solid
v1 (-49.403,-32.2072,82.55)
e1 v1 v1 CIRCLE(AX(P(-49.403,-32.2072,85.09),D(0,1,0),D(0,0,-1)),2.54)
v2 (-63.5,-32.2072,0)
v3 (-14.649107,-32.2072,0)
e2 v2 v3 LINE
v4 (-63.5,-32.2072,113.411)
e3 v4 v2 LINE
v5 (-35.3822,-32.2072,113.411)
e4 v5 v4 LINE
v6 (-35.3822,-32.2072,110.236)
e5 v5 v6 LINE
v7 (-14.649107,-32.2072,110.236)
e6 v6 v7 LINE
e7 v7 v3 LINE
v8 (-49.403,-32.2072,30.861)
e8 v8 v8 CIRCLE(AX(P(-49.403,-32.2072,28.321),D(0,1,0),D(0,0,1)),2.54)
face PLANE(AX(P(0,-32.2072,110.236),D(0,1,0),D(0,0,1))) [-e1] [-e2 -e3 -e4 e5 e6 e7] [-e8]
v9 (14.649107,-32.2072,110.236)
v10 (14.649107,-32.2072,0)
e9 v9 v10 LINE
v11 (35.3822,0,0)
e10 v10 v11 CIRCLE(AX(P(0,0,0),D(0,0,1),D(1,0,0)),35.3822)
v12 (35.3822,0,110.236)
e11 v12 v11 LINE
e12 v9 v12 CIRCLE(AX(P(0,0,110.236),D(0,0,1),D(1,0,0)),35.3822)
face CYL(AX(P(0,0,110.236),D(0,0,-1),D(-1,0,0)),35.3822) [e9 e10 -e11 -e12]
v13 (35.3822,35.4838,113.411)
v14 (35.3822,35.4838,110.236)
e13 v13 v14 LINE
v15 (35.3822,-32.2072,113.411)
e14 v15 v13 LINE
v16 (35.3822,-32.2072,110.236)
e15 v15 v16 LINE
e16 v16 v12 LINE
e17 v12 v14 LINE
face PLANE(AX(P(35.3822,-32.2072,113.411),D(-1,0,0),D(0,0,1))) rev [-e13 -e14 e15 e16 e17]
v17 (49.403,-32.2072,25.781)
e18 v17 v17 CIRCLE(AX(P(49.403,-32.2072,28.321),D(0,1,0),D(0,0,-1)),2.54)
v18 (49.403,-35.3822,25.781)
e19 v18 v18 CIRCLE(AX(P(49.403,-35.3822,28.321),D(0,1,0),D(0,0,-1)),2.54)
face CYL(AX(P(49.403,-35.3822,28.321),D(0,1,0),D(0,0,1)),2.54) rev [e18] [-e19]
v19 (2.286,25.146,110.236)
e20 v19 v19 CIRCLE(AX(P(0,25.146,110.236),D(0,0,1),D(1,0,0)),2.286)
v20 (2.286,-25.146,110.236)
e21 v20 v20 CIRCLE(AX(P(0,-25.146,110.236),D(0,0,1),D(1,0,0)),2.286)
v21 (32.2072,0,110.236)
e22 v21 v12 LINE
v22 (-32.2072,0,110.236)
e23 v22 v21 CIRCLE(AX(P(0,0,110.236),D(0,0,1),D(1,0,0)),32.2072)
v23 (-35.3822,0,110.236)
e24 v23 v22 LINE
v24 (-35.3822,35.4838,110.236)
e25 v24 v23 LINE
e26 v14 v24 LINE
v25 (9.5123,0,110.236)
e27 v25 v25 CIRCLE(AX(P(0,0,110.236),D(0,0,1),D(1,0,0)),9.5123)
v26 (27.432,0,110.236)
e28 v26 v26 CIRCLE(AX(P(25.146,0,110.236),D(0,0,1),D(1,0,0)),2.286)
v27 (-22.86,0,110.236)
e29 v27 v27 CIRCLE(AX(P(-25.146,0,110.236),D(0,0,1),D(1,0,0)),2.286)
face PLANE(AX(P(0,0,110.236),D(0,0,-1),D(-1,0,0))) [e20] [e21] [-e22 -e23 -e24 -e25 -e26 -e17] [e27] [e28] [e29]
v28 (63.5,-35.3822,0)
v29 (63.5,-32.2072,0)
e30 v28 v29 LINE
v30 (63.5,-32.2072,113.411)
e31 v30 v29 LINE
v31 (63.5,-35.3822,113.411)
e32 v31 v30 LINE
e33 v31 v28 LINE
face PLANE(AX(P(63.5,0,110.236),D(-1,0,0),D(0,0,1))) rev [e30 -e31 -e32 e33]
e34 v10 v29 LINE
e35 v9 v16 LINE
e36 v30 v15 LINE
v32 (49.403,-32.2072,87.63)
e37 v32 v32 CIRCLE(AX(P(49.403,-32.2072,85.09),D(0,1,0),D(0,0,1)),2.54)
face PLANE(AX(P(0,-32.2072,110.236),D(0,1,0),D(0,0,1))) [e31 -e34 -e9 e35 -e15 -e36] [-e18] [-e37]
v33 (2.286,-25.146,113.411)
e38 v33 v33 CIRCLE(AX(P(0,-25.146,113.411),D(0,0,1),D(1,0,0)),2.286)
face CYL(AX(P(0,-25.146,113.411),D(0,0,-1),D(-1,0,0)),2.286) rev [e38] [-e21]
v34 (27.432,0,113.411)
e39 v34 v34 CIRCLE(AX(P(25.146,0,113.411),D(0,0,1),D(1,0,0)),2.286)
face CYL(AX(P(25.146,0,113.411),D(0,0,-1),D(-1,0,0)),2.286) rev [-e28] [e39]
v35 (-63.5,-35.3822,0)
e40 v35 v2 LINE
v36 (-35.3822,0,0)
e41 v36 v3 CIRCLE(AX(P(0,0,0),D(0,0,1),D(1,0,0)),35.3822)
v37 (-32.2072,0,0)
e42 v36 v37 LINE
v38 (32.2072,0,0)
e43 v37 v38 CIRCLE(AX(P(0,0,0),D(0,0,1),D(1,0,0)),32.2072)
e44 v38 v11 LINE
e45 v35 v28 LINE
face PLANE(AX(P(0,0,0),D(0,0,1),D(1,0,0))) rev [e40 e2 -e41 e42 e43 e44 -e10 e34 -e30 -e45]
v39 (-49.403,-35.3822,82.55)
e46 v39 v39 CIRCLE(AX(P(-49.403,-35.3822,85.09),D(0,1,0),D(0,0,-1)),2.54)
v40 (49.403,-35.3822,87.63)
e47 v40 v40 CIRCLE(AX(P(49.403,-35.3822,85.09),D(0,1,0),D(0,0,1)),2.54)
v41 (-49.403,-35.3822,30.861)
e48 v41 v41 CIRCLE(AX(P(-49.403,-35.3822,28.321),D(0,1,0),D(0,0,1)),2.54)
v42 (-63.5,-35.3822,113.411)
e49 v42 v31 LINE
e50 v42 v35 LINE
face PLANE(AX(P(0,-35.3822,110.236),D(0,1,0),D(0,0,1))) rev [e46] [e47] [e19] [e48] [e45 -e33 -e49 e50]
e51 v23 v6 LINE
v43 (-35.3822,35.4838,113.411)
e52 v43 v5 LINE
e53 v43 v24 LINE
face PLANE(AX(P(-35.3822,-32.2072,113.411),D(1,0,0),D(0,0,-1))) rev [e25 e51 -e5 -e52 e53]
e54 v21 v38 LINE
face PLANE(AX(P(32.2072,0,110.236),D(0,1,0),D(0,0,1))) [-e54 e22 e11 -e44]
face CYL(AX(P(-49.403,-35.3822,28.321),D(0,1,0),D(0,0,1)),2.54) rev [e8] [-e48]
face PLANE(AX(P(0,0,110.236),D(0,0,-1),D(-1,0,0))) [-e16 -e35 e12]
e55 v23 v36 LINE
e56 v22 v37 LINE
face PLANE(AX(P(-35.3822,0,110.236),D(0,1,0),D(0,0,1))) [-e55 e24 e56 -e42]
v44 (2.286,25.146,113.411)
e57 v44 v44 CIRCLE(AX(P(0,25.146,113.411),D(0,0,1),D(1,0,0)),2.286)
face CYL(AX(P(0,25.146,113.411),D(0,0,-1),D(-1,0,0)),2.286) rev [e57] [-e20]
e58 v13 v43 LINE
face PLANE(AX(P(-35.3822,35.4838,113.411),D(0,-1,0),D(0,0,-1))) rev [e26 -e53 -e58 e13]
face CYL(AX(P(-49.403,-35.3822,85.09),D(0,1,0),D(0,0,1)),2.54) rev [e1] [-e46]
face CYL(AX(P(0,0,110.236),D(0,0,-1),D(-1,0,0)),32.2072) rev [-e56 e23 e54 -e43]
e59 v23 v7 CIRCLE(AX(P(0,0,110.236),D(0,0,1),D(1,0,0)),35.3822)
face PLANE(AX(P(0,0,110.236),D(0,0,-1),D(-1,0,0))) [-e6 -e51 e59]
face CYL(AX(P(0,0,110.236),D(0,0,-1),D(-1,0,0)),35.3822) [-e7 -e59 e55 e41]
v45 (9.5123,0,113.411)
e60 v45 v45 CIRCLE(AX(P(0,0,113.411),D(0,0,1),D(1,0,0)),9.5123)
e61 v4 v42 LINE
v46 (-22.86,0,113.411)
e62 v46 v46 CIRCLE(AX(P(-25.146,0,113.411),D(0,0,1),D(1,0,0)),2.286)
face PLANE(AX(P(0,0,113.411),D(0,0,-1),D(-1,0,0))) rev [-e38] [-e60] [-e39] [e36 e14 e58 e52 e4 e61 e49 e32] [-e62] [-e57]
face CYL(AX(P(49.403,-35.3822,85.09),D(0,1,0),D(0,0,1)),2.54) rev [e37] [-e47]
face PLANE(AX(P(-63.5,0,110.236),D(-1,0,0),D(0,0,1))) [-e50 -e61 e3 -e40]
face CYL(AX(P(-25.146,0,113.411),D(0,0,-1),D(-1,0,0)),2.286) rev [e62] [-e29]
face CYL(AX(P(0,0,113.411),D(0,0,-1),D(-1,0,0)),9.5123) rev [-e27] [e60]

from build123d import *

# Parameters (mm, degrees)
SKETCH1_W           = 127
SKETCH1_H           = 3.175
BOSS_EXTRUDE2_DEPTH = 110.236
SKETCH2_R           = 2.286
SKETCH2_R_2         = 9.5123
BOSS_EXTRUDE3_DEPTH = 3.175
SKETCH3_R           = 2.54
CUT_EXTRUDE1_DEPTH  = 4.175


with BuildPart() as part:
    # Sketch1 → Boss-Extrude2 (new body)
    with BuildSketch(Plane.XY):
        with BuildLine():
            Line((-35.3822, 0), (-32.2072, 0))
            ThreePointArc((-32.2072, 0), (0, -32.2072), (32.2072, 0))
            Line((32.2072, 0), (35.3822, 0))
            ThreePointArc((35.3822, 0), (0, -35.3822), (-35.3822, 0))
        make_face()
        with Locations((0, -33.7947)):
            Rectangle(SKETCH1_W, SKETCH1_H)
    extrude(amount=BOSS_EXTRUDE2_DEPTH)

    # Sketch2 → Boss-Extrude3 (add)
    with BuildSketch(Plane.XY.offset(110.236)):
        Polygon((-35.3822, -35.3822), (35.3822, -35.3822), (63.5, -35.3822), (63.5, -32.2072), (35.3822, -32.2072), (35.3822, 35.4838), (-35.3822, 35.4838), (-35.3822, -32.2072), (-63.5, -32.2072), (-63.5, -35.3822), align=None)
        with Locations((-25.146, 0)):
            Circle(SKETCH2_R, mode=Mode.SUBTRACT)
        with Locations((0, 25.146)):
            Circle(SKETCH2_R, mode=Mode.SUBTRACT)
        with Locations((25.146, 0)):
            Circle(SKETCH2_R, mode=Mode.SUBTRACT)
        with Locations((0, -25.146)):
            Circle(SKETCH2_R, mode=Mode.SUBTRACT)
        Circle(SKETCH2_R_2, mode=Mode.SUBTRACT)
    extrude(amount=BOSS_EXTRUDE3_DEPTH)

    # Sketch3 → Cut-Extrude1 (cut, through all)
    with BuildSketch(Plane(origin=(0, -32.2072, 0), x_dir=(1, 0, 0), z_dir=(0, 1, 0))):
        with Locations((49.403, -85.09)):
            Circle(SKETCH3_R)
        with Locations((49.403, -28.321)):
            Circle(SKETCH3_R)
        with Locations((-49.403, -85.09)):
            Circle(SKETCH3_R)
        with Locations((-49.403, -28.321)):
            Circle(SKETCH3_R)
    extrude(amount=-CUT_EXTRUDE1_DEPTH, mode=Mode.SUBTRACT)


solid = part.part
